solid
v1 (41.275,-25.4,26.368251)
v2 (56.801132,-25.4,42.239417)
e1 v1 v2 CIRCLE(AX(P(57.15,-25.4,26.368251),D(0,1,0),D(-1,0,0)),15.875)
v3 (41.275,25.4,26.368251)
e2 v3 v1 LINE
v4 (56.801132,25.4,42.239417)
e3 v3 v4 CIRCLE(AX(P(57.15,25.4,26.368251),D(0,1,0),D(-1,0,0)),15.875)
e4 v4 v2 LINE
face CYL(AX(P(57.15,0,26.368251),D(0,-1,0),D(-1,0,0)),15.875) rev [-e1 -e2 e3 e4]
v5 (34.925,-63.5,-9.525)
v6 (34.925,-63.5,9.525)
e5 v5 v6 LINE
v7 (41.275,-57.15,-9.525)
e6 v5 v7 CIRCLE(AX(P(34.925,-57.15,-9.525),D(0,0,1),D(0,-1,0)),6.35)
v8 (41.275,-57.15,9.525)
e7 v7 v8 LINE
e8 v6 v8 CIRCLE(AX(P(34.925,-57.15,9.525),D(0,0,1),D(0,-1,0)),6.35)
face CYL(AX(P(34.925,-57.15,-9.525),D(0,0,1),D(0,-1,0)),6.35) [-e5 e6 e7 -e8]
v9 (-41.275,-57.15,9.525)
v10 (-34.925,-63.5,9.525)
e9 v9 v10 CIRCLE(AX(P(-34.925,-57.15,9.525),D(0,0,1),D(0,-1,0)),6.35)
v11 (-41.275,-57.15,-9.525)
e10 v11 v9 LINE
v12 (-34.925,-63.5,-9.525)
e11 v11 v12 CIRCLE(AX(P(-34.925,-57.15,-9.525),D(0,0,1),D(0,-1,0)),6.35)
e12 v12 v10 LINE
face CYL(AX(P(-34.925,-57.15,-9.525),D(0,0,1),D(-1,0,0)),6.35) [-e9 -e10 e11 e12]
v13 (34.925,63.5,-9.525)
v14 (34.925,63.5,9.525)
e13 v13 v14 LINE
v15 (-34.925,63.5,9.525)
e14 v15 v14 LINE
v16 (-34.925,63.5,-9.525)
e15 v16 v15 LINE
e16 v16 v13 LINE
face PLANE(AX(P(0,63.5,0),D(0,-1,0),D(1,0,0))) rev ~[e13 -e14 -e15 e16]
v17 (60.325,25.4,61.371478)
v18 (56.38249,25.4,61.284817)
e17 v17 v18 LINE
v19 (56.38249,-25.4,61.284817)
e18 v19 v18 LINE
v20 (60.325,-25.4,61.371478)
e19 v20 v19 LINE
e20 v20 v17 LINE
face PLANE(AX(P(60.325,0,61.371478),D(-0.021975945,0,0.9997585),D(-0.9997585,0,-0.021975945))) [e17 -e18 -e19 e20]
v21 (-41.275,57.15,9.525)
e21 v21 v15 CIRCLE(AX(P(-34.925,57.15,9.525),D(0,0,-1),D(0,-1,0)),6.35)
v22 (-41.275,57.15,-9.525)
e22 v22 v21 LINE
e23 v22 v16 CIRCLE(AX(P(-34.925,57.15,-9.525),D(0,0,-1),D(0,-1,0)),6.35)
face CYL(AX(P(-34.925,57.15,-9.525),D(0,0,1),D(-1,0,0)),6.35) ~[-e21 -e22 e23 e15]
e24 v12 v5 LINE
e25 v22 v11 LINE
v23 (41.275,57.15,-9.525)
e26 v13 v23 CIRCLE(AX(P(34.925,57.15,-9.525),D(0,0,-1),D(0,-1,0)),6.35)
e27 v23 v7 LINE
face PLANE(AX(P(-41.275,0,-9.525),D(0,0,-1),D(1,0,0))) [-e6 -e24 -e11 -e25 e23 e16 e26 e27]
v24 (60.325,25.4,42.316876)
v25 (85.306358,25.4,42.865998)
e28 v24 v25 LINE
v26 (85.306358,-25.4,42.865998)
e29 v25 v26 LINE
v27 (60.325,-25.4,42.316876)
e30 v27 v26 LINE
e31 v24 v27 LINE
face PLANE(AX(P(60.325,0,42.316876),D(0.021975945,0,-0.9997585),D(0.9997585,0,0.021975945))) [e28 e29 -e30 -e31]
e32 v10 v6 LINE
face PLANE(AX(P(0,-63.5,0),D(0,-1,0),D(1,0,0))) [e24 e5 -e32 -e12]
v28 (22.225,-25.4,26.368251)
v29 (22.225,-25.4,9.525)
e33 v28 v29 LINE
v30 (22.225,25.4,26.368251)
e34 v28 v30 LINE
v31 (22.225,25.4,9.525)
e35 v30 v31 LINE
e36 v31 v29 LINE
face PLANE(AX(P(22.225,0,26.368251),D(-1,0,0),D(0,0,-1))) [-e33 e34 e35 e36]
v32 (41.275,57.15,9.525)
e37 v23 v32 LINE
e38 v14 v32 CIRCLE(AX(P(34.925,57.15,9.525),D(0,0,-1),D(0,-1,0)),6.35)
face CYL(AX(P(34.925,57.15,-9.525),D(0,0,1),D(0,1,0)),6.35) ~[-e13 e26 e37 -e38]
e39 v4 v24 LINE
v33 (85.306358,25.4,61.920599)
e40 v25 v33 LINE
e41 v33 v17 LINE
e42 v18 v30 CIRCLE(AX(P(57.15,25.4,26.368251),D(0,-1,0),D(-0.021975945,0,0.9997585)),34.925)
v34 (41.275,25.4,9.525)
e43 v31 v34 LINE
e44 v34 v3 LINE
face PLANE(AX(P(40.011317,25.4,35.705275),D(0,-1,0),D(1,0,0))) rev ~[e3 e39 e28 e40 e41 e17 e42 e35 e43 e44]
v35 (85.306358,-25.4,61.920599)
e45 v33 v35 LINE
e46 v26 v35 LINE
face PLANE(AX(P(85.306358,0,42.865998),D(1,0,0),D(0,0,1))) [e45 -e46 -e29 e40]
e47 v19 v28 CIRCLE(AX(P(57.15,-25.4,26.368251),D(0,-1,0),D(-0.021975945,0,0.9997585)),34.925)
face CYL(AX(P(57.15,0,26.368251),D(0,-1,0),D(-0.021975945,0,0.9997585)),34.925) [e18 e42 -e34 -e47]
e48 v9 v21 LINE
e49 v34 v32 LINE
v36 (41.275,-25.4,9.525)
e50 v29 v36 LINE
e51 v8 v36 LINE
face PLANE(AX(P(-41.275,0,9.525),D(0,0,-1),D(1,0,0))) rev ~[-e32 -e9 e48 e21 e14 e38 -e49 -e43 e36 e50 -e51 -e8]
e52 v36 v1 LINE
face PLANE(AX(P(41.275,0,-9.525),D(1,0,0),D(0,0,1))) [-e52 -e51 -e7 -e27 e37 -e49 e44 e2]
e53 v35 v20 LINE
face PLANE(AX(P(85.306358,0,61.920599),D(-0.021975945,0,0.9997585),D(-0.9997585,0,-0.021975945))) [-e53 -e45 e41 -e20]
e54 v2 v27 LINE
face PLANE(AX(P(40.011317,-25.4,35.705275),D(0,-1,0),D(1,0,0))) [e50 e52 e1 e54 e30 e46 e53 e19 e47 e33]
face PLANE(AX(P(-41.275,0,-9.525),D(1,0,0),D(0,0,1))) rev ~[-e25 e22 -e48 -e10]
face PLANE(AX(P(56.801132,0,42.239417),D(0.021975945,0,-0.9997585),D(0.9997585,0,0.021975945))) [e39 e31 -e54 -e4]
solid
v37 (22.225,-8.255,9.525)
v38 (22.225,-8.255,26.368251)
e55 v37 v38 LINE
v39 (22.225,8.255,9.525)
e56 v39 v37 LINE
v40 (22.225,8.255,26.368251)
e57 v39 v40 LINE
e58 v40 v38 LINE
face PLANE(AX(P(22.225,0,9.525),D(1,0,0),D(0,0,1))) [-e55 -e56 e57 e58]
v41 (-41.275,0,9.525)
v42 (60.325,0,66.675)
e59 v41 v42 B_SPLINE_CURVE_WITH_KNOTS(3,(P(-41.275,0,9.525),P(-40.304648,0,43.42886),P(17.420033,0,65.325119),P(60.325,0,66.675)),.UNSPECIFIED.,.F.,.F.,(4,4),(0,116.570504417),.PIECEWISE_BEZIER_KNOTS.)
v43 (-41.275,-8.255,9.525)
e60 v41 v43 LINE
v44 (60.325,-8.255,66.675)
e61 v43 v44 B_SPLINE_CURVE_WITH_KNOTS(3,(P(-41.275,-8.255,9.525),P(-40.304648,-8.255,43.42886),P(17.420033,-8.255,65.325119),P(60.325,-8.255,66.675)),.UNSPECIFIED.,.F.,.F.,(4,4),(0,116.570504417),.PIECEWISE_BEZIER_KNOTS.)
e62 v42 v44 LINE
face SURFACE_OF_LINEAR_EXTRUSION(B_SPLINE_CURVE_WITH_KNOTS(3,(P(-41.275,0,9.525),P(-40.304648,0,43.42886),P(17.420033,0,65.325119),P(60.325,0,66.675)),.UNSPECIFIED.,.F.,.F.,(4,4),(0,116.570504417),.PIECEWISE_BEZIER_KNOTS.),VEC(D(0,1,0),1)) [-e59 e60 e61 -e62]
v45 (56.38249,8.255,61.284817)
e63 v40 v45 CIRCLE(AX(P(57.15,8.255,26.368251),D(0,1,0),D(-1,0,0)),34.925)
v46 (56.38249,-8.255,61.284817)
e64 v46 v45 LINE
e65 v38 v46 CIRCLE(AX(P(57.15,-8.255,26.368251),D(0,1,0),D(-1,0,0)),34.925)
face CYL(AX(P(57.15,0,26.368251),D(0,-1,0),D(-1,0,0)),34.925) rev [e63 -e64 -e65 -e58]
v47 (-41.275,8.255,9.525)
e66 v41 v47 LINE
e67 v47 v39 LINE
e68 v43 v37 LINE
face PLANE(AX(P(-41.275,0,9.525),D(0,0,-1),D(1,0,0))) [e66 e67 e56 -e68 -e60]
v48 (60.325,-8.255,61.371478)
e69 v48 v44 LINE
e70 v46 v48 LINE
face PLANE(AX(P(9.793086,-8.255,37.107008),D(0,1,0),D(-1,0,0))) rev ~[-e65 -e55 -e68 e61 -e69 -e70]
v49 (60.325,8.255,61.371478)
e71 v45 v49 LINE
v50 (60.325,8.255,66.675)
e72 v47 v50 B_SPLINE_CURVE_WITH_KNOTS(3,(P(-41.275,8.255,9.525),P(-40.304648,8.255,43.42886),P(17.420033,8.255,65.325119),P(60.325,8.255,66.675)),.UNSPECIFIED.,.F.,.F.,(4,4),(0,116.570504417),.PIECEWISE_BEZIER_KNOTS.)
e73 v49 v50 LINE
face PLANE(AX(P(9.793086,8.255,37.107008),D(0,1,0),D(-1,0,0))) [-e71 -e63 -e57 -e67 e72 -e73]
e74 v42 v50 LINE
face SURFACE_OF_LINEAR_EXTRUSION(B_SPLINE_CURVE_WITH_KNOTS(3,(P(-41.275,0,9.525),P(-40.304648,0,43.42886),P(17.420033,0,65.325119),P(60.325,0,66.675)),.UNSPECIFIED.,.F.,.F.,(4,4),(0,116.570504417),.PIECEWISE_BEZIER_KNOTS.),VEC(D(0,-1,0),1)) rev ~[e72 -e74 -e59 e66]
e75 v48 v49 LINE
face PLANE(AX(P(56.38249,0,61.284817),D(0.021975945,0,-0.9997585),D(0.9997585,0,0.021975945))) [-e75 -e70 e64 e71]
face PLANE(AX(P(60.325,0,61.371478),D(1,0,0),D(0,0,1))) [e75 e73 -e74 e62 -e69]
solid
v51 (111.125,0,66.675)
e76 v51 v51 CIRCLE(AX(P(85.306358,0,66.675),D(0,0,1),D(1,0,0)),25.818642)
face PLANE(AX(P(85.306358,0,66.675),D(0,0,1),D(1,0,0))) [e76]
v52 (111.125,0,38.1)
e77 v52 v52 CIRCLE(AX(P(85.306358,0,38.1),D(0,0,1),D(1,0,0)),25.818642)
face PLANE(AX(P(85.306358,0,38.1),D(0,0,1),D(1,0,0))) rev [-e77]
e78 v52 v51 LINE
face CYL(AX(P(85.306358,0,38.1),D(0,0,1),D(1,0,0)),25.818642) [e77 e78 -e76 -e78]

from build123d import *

# Parameters (mm, degrees)
F1_W     = 82.55
F1_H     = 19.05
F2_DEPTH = 63.5
F3_DEPTH = 25.4
F4_DEPTH = 8.255
F6_R     = 6.35


with BuildPart() as f2:
    # F1 (on Front) → F2 (new body, symmetric)
    with BuildSketch(Plane.XZ):
        Rectangle(F1_W, F1_H)
    extrude(amount=F2_DEPTH, both=True)

    # F0 (on Front) → F3 (join, symmetric)
    with BuildSketch(Plane.XZ):
        with BuildLine():
            Line((22.225, 26.3682509312), (22.225, 9.525))
            Line((22.225, 9.525), (41.275, 9.525))
            Line((41.275, 9.525), (41.275, 26.3682509312))
            ThreePointArc((41.275, 26.3682509312), (45.8020066403, 37.4695423744), (56.8011318686, 42.2394171148))
            Line((56.8011318686, 42.2394171148), (60.325, 42.3168761544))
            Line((60.325, 42.3168761544), (60.325, 61.3714778454))
            Line((60.325, 61.3714778454), (56.382490111, 61.2848165351))
            ThreePointArc((56.382490111, 61.2848165351), (32.1844146086, 50.7910921063), (22.225, 26.3682509312))
        make_face()
        Polygon((85.3063582423, 61.9205994203), (60.325, 61.3714778454), (60.325, 42.3168761544), (85.3063582423, 42.8659977293), align=None)
    extrude(amount=F3_DEPTH, both=True)

    # F6
    f6_edges = [f2.edges().sort_by_distance(p)[0] for p in [
        (-41.275, -63.5, 0),
        (41.275, -63.5, 0),
        (41.275, 63.5, 0),
        (-41.275, 63.5, 0),
    ]]
    fillet(f6_edges, radius=F6_R)


with BuildPart() as f4:
    # F0 (on Front) → F4 (new body, symmetric)
    with BuildSketch(Plane.XZ):
        with BuildLine():
            add(Edge.make_bspline(
                [(-41.275, 9.525), (-40.304647513, 43.4288604094), (17.420032993, 65.3251186013), (60.325, 66.675)],
                knots=[0, 0, 0, 0, 116.5705044169, 116.5705044169, 116.5705044169, 116.5705044169], degree=3))
            Line((-41.275, 9.525), (22.225, 9.525))
            Line((22.225, 9.525), (22.225, 26.3682509312))
            ThreePointArc((22.225, 26.3682509312), (32.1844146086, 50.7910921063), (56.382490111, 61.2848165351))
            Line((56.382490111, 61.2848165351), (60.325, 61.3714778454))
            Line((60.325, 61.3714778454), (60.325, 66.675))
        make_face()
    extrude(amount=F4_DEPTH, both=True)


with BuildPart() as f5:
    # F0 (on Front) → F5 (revolve)
    with BuildSketch(Plane.XZ):
        Polygon((111.125, 66.675), (85.3063582423, 66.675), (85.3063582423, 61.9205994203), (85.3063582423, 42.8659977293), (85.3063582423, 38.1), (111.125, 38.1), align=None)
    revolve(axis=Axis((85.3063582423, 0, 52.3875), (0, 0, 1)))


solid = Compound([f2.part, f4.part, f5.part])
